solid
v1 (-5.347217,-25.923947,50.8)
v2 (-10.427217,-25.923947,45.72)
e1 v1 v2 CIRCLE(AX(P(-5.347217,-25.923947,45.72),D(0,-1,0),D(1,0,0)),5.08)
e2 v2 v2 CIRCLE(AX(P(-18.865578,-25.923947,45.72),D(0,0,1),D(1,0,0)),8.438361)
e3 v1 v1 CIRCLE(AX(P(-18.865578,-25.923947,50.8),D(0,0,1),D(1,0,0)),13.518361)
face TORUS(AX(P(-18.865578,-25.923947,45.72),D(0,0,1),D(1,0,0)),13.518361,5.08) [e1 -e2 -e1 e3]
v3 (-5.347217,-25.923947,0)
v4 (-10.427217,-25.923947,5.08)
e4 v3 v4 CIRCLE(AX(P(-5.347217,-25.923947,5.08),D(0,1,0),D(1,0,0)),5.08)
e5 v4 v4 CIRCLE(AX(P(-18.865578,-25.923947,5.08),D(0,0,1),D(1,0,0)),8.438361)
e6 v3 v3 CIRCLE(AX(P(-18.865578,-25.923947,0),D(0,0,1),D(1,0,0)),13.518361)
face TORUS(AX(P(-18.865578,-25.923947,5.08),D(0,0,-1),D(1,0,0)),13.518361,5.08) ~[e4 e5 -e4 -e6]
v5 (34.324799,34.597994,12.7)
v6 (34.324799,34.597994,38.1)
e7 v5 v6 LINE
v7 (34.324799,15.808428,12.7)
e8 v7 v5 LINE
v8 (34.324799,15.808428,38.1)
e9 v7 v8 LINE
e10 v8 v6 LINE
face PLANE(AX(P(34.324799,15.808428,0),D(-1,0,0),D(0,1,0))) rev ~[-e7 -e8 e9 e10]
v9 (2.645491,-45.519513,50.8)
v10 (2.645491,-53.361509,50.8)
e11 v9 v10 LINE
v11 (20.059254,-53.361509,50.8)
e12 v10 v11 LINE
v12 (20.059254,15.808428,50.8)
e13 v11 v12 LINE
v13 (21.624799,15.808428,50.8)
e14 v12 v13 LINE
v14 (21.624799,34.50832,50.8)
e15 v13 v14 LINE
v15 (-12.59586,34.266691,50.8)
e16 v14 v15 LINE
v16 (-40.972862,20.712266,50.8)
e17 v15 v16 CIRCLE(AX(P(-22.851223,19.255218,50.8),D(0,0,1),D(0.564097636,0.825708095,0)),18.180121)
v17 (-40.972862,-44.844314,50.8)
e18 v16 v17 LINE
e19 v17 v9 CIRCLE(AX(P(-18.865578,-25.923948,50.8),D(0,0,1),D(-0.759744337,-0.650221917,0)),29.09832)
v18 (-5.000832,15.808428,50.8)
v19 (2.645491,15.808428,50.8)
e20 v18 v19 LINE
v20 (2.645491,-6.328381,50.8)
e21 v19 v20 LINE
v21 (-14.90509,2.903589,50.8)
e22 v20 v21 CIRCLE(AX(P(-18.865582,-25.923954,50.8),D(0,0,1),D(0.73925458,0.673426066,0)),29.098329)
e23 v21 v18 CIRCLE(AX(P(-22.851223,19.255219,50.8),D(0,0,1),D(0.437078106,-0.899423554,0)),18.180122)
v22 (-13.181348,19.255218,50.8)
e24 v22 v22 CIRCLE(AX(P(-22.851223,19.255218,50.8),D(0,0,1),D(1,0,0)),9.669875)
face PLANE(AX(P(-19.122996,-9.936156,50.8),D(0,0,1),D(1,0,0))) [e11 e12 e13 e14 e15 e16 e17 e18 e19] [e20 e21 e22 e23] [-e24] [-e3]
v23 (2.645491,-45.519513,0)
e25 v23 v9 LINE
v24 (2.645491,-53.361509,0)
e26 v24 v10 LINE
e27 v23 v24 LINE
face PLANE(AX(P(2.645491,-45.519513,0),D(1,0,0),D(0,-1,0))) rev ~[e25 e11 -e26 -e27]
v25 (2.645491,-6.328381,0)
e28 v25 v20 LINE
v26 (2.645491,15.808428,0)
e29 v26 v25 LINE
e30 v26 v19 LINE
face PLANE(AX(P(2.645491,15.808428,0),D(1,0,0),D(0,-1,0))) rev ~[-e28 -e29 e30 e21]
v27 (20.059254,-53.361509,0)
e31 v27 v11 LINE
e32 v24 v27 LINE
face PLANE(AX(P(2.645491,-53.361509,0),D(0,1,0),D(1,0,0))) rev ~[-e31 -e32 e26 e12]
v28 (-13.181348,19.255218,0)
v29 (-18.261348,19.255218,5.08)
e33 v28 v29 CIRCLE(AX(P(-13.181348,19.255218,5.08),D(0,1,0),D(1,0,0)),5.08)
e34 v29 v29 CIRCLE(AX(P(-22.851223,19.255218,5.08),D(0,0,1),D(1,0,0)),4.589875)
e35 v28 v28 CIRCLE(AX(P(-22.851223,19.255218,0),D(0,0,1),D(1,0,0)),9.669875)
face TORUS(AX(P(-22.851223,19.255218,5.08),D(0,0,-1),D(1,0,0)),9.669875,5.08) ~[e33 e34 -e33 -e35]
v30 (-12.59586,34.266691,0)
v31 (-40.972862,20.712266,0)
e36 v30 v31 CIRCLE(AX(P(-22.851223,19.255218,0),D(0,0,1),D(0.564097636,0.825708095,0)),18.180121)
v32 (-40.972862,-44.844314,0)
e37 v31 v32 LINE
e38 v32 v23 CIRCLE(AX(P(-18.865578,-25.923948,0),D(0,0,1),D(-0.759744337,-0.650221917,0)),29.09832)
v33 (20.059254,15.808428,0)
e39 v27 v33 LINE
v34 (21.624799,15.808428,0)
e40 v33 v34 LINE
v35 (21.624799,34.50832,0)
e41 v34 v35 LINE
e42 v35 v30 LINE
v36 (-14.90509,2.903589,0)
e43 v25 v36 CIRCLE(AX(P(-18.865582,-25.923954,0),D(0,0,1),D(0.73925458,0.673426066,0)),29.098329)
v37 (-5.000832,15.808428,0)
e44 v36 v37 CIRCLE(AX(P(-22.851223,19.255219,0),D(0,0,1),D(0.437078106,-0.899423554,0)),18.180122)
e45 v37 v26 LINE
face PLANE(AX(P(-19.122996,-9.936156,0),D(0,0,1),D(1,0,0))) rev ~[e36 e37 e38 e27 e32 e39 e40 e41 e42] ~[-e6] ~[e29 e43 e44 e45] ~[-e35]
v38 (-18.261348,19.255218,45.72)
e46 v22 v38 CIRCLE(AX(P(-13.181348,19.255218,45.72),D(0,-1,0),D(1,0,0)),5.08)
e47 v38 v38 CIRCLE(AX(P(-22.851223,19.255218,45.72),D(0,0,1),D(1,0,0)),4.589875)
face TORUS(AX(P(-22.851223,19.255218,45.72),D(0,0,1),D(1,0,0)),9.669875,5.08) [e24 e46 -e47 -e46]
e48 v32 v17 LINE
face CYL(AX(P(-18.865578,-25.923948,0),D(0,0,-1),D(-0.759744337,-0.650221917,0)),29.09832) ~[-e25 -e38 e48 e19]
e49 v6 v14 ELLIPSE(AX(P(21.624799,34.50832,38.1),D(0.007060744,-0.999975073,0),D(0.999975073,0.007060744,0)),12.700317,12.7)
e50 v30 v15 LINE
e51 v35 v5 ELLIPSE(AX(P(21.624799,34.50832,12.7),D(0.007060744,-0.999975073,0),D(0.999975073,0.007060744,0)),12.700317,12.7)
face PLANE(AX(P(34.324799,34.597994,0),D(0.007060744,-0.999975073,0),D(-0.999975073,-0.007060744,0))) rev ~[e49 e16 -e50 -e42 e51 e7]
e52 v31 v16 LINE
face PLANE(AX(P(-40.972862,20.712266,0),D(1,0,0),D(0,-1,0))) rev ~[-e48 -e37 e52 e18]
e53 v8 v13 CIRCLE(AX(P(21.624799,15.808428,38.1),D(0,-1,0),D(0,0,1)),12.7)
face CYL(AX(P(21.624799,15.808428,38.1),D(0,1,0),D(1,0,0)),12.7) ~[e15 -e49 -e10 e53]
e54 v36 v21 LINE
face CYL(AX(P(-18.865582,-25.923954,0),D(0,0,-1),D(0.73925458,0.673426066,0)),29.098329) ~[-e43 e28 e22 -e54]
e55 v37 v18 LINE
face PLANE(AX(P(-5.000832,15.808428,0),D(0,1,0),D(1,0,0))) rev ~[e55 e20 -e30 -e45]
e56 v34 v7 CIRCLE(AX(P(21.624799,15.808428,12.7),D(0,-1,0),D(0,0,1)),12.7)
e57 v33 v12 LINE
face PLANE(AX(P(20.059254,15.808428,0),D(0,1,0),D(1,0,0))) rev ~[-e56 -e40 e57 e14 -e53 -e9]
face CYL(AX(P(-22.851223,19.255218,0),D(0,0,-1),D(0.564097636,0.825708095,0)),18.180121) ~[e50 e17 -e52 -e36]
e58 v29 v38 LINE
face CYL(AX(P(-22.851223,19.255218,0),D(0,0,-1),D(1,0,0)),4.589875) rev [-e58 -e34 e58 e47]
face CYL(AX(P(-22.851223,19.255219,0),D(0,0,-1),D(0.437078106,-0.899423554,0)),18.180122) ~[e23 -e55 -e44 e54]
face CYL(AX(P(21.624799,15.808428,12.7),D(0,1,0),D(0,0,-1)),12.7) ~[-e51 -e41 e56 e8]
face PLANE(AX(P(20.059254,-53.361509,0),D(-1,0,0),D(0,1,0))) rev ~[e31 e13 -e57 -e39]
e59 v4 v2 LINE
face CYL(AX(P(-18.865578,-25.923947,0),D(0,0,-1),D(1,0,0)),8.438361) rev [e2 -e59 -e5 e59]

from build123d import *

# Parameters (mm, degrees)
F0_R     = 8.438361
F0_R_2   = 4.589875
F1_DEPTH = 50.8
F2_R     = 12.7
F3_R     = 5.08
F4_R     = 5.08
F5_R     = 12.7


with BuildPart() as f1:
    # F0 (on Top) → F1 (new body)
    with BuildSketch(Plane.XY):
        with BuildLine():
            ThreePointArc((-12.59586, 34.266691), (-30.68705, 35.659992), (-40.972862, 20.712266))
            Line((-40.972862, 20.712266), (-40.972862, -44.844314))
            ThreePointArc((-40.972862, -44.844314), (-19.315957, -55.018783), (2.645491, -45.519513))
            ThreePointArc((2.645491, -45.519513), (10.232743, -25.923947), (2.645491, -6.328381))
            ThreePointArc((2.645491, -6.328381), (-5.319089, -0.171182), (-14.90509, 2.903589))
            ThreePointArc((-14.90509, 2.903589), (-8.429057, 8.186436), (-5.000832, 15.808428))
            ThreePointArc((-5.000832, 15.808428), (-6.038721, 26.173063), (-12.59586, 34.266691))
        make_face()
        with Locations((-18.865578, -25.923947)):
            Circle(F0_R, mode=Mode.SUBTRACT)
        with Locations((-22.851223, 19.255218)):
            Circle(F0_R_2, mode=Mode.SUBTRACT)
        with BuildLine():
            Line((34.324799, 34.597994), (-12.59586, 34.266691))
            ThreePointArc((-12.59586, 34.266691), (-6.038721, 26.173063), (-5.000832, 15.808428))
            Line((-5.000832, 15.808428), (2.645491, 15.808428))
            Line((2.645491, 15.808428), (2.645491, -6.328381))
            ThreePointArc((2.645491, -6.328381), (10.232743, -25.923947), (2.645491, -45.519513))
            Line((2.645491, -45.519513), (2.645491, -53.361509))
            Line((2.645491, -53.361509), (20.059254, -53.361509))
            Line((20.059254, -53.361509), (20.059254, 15.808428))
            Line((20.059254, 15.808428), (34.324799, 15.808428))
            Line((34.324799, 15.808428), (34.324799, 34.597994))
        make_face()
    extrude(amount=F1_DEPTH)

    # F2
    f2_edges = [f1.edges().sort_by_distance(p)[0] for p in [
        (34.324799, 25.203211, 50.8),
    ]]
    fillet(f2_edges, radius=F2_R)

    # F3
    f3_edges = [f1.edges().sort_by_distance(p)[0] for p in [
        (-10.427217, -25.923947, 25.4),
        (-27.303939, -25.923947, 0),
        (-27.303939, -25.923947, 50.8),
        (-27.441098, 19.255218, 50.8),
    ]]
    fillet(f3_edges, radius=F3_R)

    # F4
    f4_edges = [f1.edges().sort_by_distance(p)[0] for p in [
        (-27.441098, 19.255218, 0),
    ]]
    fillet(f4_edges, radius=F4_R)

    # F5
    f5_edges = [f1.edges().sort_by_distance(p)[0] for p in [
        (34.324799, 25.203211, 0),
    ]]
    fillet(f5_edges, radius=F5_R)


solid = f1.part
